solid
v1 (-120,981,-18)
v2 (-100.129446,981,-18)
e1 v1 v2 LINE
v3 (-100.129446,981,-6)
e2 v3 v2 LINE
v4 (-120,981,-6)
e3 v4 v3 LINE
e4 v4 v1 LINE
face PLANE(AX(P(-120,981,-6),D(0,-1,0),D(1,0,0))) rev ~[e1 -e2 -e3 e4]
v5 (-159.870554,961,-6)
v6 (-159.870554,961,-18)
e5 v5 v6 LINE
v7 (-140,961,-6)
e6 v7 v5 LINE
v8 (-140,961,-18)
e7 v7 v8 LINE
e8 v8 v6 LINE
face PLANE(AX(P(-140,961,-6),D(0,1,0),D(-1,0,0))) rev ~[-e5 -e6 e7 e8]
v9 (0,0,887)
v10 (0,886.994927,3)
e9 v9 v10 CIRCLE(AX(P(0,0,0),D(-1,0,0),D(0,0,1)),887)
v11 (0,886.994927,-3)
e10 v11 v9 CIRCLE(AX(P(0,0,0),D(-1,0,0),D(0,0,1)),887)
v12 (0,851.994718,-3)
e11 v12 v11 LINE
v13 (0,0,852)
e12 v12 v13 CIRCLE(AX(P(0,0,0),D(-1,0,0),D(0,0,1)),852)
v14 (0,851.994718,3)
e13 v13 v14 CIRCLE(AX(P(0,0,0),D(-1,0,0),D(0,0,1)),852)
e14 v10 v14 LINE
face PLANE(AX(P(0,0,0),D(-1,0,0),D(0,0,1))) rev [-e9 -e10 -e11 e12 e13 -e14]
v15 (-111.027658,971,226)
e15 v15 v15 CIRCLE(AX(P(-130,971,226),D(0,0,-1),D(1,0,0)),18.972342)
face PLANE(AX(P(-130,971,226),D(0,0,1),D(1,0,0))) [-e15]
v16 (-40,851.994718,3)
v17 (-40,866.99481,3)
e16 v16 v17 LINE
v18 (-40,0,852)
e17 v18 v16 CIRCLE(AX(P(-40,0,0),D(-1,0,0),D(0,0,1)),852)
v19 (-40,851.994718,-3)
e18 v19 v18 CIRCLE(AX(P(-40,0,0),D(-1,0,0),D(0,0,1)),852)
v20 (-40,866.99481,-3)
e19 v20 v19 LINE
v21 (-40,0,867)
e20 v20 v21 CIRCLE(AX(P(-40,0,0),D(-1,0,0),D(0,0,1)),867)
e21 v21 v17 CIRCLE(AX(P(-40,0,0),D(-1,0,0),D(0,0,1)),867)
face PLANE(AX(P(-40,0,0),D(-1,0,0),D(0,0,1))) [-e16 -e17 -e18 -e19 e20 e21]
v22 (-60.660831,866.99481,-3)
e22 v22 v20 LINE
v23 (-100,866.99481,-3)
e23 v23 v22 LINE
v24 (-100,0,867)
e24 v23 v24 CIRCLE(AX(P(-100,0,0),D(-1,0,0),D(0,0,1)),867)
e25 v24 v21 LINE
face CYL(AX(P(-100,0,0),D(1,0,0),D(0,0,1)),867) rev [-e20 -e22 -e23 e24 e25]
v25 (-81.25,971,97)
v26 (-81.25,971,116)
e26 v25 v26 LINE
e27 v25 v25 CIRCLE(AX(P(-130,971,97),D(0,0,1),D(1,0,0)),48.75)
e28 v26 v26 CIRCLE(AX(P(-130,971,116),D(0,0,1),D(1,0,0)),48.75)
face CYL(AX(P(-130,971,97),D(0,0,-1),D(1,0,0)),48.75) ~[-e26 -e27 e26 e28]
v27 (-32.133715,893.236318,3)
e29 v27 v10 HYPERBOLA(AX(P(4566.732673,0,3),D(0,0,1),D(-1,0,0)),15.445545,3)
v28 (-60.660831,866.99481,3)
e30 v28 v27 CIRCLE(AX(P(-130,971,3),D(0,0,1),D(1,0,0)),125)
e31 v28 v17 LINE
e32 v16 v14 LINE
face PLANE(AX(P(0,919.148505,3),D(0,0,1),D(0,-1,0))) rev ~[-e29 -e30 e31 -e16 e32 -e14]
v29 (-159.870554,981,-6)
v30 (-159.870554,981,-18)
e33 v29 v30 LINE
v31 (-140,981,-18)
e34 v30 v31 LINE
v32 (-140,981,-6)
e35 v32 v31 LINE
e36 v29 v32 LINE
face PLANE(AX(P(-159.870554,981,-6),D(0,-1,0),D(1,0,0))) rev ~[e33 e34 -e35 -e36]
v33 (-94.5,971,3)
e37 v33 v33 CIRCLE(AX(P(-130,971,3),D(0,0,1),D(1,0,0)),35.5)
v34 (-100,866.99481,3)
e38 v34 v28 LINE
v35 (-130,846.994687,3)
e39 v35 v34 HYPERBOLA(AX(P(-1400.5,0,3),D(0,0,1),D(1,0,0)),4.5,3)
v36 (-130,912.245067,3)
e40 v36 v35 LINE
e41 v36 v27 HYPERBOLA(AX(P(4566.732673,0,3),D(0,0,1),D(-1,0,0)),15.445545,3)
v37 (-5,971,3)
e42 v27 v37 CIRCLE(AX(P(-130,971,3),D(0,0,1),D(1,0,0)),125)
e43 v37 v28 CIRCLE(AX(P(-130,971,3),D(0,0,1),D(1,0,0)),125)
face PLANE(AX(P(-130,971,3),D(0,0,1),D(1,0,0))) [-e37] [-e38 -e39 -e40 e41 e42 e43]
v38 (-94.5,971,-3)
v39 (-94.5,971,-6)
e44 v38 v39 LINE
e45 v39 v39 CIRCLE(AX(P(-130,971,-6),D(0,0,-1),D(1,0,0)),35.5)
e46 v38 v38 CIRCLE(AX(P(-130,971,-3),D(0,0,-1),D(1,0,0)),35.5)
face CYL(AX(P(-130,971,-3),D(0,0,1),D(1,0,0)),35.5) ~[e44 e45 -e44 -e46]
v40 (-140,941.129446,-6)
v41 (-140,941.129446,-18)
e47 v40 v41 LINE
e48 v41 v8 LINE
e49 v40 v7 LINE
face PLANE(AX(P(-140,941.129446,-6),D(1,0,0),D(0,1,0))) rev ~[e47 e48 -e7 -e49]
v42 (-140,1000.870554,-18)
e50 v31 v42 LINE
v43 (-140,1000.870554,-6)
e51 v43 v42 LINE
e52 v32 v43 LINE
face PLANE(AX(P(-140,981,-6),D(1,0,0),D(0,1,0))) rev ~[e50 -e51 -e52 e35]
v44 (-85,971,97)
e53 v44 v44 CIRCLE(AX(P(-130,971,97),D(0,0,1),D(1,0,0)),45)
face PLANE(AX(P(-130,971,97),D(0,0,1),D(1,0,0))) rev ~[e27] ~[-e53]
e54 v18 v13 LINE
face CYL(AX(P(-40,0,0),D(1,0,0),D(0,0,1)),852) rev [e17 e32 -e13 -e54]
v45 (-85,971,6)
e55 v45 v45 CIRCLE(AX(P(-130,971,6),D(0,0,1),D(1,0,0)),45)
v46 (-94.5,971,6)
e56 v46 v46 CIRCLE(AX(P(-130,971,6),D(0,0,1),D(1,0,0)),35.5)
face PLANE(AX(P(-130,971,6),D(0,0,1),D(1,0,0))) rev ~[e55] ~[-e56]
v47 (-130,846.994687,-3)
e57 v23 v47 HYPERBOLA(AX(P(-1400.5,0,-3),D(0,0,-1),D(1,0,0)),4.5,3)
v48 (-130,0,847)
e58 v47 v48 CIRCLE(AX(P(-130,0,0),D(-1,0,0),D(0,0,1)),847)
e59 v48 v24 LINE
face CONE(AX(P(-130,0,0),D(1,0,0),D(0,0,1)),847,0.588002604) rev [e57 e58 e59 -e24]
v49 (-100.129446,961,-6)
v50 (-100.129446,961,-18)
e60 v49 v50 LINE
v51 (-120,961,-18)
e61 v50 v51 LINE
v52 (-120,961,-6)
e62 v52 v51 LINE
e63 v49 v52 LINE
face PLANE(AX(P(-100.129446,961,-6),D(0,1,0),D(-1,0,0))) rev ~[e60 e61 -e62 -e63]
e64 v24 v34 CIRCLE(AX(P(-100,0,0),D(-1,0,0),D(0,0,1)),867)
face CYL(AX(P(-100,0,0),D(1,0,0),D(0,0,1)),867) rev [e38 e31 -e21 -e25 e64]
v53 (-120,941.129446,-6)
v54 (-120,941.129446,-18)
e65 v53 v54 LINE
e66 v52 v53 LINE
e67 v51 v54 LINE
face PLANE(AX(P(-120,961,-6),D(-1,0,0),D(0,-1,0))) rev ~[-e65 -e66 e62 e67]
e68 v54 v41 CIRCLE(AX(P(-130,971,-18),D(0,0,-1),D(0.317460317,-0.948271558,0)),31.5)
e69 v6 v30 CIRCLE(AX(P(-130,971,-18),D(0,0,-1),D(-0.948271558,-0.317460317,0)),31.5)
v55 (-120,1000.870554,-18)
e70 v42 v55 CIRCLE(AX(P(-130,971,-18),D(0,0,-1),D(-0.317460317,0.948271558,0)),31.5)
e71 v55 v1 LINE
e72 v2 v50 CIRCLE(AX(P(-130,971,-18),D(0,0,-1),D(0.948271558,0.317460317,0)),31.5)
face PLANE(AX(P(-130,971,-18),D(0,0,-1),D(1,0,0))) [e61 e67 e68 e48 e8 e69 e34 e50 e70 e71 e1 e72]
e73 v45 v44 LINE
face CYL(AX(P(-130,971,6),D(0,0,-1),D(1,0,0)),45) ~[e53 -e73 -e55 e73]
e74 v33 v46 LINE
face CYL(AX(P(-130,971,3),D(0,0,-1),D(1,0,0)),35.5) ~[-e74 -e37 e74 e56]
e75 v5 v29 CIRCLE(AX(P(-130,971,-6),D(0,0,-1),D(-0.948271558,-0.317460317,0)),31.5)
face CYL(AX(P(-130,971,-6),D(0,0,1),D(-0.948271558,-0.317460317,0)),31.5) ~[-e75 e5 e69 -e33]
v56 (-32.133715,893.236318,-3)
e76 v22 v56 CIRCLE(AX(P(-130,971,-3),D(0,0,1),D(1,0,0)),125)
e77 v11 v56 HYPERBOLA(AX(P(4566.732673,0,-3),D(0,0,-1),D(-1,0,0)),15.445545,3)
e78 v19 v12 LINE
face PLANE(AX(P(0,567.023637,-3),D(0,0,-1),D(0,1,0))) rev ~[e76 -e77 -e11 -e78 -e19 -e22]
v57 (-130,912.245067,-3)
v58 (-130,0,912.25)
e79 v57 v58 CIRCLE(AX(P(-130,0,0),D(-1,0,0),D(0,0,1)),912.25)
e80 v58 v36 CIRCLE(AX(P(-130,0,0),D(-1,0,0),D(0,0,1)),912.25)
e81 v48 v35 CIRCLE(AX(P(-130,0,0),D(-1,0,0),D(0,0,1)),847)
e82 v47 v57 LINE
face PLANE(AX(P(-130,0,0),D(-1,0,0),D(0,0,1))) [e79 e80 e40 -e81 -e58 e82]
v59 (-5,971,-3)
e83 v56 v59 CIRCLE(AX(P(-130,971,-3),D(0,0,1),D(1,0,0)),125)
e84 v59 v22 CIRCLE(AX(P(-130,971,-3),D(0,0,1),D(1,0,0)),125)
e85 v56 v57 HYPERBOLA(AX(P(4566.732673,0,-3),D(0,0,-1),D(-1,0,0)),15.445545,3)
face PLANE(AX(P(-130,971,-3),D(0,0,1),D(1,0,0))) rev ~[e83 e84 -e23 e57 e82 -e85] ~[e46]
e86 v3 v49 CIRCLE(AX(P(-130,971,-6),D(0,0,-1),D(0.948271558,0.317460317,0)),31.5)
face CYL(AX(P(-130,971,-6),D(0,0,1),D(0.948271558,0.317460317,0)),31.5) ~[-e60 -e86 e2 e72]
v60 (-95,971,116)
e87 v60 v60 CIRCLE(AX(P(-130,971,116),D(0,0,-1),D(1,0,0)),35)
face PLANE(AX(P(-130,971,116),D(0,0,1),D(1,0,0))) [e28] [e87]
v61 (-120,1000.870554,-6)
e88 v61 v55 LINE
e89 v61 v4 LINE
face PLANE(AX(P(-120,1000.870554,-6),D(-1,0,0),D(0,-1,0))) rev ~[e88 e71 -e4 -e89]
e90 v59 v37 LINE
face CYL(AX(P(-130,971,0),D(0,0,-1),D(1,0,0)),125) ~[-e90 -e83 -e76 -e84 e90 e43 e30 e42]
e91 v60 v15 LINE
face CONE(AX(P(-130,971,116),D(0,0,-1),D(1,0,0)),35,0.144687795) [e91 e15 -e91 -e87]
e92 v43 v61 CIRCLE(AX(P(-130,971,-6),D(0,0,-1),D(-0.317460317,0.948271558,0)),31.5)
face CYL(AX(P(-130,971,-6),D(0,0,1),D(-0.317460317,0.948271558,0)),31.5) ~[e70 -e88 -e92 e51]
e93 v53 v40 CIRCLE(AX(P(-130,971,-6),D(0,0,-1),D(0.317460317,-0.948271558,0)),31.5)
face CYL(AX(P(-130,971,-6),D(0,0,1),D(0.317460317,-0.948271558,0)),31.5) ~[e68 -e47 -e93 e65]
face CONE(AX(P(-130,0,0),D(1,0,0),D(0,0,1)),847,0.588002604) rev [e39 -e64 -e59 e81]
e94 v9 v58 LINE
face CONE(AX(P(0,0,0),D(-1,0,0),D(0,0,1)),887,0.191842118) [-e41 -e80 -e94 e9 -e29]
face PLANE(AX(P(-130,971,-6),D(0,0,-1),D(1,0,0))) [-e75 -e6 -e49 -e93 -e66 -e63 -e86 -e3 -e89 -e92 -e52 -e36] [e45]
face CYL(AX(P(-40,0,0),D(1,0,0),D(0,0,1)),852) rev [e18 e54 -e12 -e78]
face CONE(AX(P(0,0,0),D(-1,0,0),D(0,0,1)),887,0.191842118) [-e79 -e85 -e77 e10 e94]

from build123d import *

# Parameters (mm, degrees)
F3_DEPTH      = 130
F4_R          = 125
F5_DEPTH      = 3
F5_DEPTH_BACK = 3
F6_R          = 35.5
F7_DEPTH      = 3
F8_R          = 35.5
F9_DEPTH      = 3
F10_R         = 45
F11_DEPTH     = 91
F12_R         = 48.75
F13_DEPTH     = 19
F14_R         = 35
F15_DEPTH     = 110
F15_TAPER     = 8.29
F17_DEPTH     = 12


with BuildPart() as f1:
    # F0 (on Front) → F1 (revolve)
    with BuildSketch(Plane.XZ):
        Polygon((-40, 852), (0, 852), (0, 887), (-130, 912.25), (-130, 847), (-100, 867), (-40, 867), align=None)
    revolve(axis=Axis((-281.5768346616, 0, 0), (-1, 0, 0)))

    # F2 (on Right) → F3 (cut)
    with BuildSketch(Plane.YZ):
        Polygon((919.148504734, -3), (919.148504734, 0), (919.148504734, 3), (567.0236367701, 3), (567.0236367701, -3), align=None)
    extrude(amount=-F3_DEPTH, mode=Mode.SUBTRACT)

    # F4 (on Top) → F5 (join, two sides)
    with BuildSketch(Plane.XY) as f5_sk:
        with Locations((-130, 971)):
            Circle(F4_R)
    extrude(amount=-F5_DEPTH)
    extrude(f5_sk.sketch, amount=F5_DEPTH_BACK)

    # F6 (on face) → F7 (join)
    with BuildSketch(Plane.XY.offset(3)):
        with Locations((-130, 971)):
            Circle(F6_R)
    extrude(amount=F7_DEPTH)

    # F8 (on face) → F9 (join)
    with BuildSketch(Plane(origin=(0, 0, -3), x_dir=(1, 0, 0), z_dir=(0, 0, -1))):
        with Locations((-130, -971)):
            Circle(F8_R)
    extrude(amount=F9_DEPTH)

    # F10 (on face) → F11 (join)
    with BuildSketch(Plane.XY.offset(6)):
        with Locations((-130, 971)):
            Circle(F10_R)
    extrude(amount=F11_DEPTH)

    # F12 (on face) → F13 (join)
    with BuildSketch(Plane.XY.offset(97)):
        with Locations((-130, 971)):
            Circle(F12_R)
    extrude(amount=F13_DEPTH)

    # F14 (on face) → F15 (join)
    with BuildSketch(Plane.XY.offset(116)):
        with Locations((-130, 971)):
            Circle(F14_R)
    extrude(amount=F15_DEPTH, taper=F15_TAPER)

    # F16 (on face) → F17 (join)
    with BuildSketch(Plane(origin=(0, 0, -6), x_dir=(1, 0, 0), z_dir=(0, 0, -1))):
        with BuildLine():
            Line((-120, -961), (-120, -941.1294459375))
            ThreePointArc((-120, -941.1294459375), (-130, -939.5), (-140, -941.1294459375))
            Line((-140, -941.1294459375), (-140, -961))
            Line((-140, -961), (-159.8705540625, -961))
            ThreePointArc((-159.8705540625, -961), (-161.5, -971), (-159.8705540625, -981))
            Line((-159.8705540625, -981), (-140, -981))
            Line((-140, -981), (-140, -1000.8705540625))
            ThreePointArc((-140, -1000.8705540625), (-130, -1002.5), (-120, -1000.8705540625))
            Line((-120, -1000.8705540625), (-120, -981))
            Line((-120, -981), (-100.1294459375, -981))
            ThreePointArc((-100.1294459375, -981), (-98.5, -971), (-100.1294459375, -961))
            Line((-100.1294459375, -961), (-120, -961))
        make_face()
    extrude(amount=F17_DEPTH)


solid = f1.part
